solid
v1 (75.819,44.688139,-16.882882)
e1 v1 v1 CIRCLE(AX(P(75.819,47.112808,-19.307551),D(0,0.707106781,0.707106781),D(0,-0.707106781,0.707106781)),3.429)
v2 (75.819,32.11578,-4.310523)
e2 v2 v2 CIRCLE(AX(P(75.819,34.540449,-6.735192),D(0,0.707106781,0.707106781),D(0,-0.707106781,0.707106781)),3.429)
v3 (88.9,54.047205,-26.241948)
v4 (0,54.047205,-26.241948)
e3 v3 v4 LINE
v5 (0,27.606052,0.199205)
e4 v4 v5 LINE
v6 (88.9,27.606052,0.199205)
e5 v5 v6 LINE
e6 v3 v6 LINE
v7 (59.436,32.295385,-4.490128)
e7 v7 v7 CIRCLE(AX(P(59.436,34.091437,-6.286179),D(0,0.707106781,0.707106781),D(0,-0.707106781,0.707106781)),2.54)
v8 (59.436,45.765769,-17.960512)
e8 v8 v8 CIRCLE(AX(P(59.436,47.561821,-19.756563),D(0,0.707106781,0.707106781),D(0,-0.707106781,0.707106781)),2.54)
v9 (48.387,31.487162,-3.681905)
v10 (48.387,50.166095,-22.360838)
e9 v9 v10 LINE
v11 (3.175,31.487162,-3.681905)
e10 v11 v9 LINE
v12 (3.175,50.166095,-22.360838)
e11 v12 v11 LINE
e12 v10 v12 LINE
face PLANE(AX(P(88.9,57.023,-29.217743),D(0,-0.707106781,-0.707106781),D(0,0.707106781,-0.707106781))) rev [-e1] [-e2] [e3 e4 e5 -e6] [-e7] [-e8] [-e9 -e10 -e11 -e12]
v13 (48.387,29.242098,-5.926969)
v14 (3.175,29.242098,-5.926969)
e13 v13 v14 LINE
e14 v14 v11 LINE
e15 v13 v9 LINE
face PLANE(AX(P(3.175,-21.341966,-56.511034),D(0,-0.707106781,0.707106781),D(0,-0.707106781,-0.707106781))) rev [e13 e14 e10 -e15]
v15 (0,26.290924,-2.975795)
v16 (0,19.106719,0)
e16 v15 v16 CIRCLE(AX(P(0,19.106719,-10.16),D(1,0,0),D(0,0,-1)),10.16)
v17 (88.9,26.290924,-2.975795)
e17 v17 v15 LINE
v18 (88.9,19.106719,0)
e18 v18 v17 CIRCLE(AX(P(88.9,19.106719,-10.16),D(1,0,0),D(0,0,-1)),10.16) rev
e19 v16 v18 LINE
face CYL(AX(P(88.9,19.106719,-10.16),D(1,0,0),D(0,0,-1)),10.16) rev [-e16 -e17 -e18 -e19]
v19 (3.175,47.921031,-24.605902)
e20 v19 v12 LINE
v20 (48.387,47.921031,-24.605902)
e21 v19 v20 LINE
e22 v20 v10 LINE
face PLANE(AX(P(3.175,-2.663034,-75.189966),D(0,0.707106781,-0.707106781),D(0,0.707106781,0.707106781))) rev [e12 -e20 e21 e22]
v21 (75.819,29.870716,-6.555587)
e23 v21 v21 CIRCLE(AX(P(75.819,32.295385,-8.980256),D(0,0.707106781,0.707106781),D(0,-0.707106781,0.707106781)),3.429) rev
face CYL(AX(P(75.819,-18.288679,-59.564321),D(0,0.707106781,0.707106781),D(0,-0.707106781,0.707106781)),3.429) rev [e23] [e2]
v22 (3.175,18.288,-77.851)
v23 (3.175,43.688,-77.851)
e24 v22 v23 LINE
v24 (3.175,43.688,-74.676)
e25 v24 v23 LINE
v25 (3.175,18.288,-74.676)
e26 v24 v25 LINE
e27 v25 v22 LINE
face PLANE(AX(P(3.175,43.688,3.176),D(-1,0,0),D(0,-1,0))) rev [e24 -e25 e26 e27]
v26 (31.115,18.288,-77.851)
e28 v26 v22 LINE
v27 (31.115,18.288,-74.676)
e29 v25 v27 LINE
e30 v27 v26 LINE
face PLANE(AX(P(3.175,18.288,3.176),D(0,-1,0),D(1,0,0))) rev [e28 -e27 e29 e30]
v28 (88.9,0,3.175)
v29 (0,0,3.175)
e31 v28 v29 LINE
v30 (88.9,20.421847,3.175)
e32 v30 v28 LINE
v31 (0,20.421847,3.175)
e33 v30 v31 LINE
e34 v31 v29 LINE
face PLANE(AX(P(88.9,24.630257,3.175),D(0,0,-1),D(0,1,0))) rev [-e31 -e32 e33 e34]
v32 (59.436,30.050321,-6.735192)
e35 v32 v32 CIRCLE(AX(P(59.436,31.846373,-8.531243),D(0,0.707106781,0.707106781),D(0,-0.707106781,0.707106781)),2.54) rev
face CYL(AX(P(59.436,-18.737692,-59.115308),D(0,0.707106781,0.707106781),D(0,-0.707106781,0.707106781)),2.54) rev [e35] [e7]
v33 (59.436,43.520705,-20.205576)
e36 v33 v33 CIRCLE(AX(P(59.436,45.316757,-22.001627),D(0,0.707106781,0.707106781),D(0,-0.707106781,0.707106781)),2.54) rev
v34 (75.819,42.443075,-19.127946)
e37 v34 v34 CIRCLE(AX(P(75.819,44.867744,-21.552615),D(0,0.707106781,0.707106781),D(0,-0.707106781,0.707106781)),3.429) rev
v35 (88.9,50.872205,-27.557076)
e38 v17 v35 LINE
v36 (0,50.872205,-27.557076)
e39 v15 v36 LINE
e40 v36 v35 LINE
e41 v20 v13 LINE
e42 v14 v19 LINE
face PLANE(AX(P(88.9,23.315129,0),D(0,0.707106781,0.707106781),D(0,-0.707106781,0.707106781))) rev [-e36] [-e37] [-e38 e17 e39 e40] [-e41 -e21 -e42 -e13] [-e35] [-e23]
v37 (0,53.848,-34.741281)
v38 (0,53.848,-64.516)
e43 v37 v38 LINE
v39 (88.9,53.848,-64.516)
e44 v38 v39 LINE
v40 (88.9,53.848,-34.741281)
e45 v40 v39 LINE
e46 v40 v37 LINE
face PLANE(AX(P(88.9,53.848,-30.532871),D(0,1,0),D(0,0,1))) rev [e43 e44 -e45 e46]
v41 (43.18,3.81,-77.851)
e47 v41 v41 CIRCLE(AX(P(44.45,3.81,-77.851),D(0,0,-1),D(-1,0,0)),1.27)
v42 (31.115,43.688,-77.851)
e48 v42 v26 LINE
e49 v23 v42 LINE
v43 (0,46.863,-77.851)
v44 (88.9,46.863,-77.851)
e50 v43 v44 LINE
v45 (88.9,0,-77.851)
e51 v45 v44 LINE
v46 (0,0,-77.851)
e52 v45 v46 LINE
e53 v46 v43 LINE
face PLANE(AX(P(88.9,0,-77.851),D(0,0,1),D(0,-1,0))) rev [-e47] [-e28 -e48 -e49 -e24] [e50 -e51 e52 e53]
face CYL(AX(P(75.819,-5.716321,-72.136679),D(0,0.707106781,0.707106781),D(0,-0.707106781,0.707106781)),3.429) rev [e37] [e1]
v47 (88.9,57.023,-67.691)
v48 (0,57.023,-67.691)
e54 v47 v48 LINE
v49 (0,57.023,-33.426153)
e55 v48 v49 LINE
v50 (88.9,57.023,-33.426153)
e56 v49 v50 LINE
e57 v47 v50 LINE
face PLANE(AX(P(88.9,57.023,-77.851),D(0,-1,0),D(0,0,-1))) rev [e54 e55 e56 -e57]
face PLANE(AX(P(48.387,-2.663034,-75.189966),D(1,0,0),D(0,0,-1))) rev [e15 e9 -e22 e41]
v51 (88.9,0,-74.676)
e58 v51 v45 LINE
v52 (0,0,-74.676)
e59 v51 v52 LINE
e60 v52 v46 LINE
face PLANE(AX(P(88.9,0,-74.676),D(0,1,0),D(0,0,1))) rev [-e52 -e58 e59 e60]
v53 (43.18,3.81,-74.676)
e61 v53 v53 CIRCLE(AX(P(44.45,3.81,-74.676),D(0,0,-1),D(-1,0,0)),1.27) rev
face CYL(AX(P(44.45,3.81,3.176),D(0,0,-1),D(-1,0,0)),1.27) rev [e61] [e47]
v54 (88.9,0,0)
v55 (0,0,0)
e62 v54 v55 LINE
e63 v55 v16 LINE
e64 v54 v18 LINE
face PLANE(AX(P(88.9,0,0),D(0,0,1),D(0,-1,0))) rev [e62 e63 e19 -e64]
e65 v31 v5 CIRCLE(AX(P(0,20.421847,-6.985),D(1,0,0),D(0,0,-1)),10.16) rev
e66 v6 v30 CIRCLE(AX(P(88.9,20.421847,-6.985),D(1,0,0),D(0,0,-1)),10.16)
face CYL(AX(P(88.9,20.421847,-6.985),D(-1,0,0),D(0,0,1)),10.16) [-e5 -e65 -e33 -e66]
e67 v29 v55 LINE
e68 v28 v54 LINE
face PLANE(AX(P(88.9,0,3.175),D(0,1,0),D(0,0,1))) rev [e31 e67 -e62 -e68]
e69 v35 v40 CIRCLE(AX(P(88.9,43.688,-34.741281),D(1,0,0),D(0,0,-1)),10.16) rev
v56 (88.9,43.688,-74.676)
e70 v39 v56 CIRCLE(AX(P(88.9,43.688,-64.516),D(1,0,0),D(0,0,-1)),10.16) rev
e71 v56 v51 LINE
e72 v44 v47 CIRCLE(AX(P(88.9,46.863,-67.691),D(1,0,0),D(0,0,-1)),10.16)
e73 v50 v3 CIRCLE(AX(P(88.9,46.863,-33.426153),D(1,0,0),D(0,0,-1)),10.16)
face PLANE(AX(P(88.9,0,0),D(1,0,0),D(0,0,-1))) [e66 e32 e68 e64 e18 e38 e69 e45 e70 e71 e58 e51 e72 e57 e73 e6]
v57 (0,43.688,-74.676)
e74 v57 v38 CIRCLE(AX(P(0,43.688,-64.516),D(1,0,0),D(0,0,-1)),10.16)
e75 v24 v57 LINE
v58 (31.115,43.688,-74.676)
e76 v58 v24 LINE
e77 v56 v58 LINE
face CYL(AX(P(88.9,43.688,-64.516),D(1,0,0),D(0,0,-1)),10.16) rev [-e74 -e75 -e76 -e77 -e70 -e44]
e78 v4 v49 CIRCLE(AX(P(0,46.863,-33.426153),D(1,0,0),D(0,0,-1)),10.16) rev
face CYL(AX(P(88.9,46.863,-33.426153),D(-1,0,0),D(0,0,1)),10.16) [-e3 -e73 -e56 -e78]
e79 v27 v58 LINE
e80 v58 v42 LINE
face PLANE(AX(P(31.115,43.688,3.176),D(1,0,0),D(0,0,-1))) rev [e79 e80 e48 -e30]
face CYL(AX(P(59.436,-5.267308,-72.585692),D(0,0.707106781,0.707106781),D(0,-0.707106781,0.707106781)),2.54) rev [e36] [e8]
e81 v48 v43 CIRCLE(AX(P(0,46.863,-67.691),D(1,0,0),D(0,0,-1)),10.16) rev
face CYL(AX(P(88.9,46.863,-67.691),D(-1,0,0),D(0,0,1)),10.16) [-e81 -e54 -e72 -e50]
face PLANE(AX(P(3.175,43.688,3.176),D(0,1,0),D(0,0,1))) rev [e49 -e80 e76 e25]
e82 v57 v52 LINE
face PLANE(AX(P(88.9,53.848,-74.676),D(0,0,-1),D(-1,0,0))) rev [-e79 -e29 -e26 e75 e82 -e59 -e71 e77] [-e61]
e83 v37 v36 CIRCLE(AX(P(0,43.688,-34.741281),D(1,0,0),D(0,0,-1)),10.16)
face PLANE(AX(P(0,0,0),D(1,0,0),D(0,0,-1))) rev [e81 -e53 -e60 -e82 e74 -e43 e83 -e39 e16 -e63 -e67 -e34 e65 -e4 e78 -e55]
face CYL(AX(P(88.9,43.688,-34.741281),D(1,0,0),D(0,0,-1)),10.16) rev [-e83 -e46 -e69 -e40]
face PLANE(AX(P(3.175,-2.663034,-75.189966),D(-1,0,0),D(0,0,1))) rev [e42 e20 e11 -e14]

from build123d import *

# Parameters (mm, degrees)
BOSS_EXTRUDE1_DEPTH = 88.9
FILLET1_R           = 10.16
CUT_EXTRUDE1_REACH  = 76.71
SKETCH2_R           = 3.429
SKETCH2_R_2         = 2.54
SKETCH2_W           = 45.212
SKETCH2_H           = 26.416
CUT_EXTRUDE3_REACH  = 83.026
SKETCH4_R           = 1.27
SKETCH4_W           = 27.94
SKETCH4_H           = 25.4


with BuildPart() as part:
    # Sketch1 → Boss-Extrude1 (new body)
    with BuildSketch(Plane(origin=(0, 0, 0), x_dir=(0, 0, -1), z_dir=(1, 0, 0))):
        Polygon((0, 0), (0, 23.315129188), (30.532870812, 53.848), (74.676, 53.848), (74.676, 0), (77.851, 0), (77.851, 57.023), (29.217742751, 57.023), (-3.175, 24.630257249), (-3.175, 0), align=None)
    extrude(amount=BOSS_EXTRUDE1_DEPTH)

    # Fillet1
    fillet1_edges = [part.edges().sort_by_distance(p)[0] for p in [
        (44.45, 24.630257249, 3.175),
        (44.45, 57.023, -29.217742751),
        (44.45, 57.023, -77.851),
        (44.45, 53.848, -74.676),
        (44.45, 53.848, -30.532870812),
        (44.45, 23.315129188, 0),
    ]]
    fillet(fillet1_edges, radius=FILLET1_R)

    # Sketch2 → Cut-Extrude1 (cut, up to next)
    with BuildSketch(Plane(origin=(0, 13.902628624, 13.902628624), x_dir=(1, 0, 0), z_dir=(0, 0.707106781, 0.707106781)), mode=Mode.PRIVATE) as cut_extrude1_sk1:
        with Locations(Location((75.819, 46.966285953, 0), (0, 0, 270))):  # turned: the seam where the file's is
            Circle(SKETCH2_R)
    cut_extrude1_tool1 = extrude(cut_extrude1_sk1.sketch, amount=-CUT_EXTRUDE1_REACH, mode=Mode.PRIVATE) & part.part
    add(cut_extrude1_tool1.solids().sort_by_distance((75.819, 47.112808, -19.307551))[0], mode=Mode.SUBTRACT)
    # Sketch2 → Cut-Extrude1 (cut, up to next)
    with BuildSketch(Plane(origin=(0, 13.902628624, 13.902628624), x_dir=(1, 0, 0), z_dir=(0, 0.707106781, 0.707106781)), mode=Mode.PRIVATE) as cut_extrude1_sk2:
        with Locations(Location((75.819, 29.186285953, 0), (0, 0, 270))):  # turned: the seam where the file's is
            Circle(SKETCH2_R)
    cut_extrude1_tool2 = extrude(cut_extrude1_sk2.sketch, amount=-CUT_EXTRUDE1_REACH, mode=Mode.PRIVATE) & part.part
    add(cut_extrude1_tool2.solids().sort_by_distance((75.819, 34.540449, -6.735192))[0], mode=Mode.SUBTRACT)
    # Sketch2 → Cut-Extrude1 (cut, up to next)
    with BuildSketch(Plane(origin=(0, 13.902628624, 13.902628624), x_dir=(1, 0, 0), z_dir=(0, 0.707106781, 0.707106781)), mode=Mode.PRIVATE) as cut_extrude1_sk3:
        with Locations(Location((59.436, 47.601285953, 0), (0, 0, 270))):  # turned: the seam where the file's is
            Circle(SKETCH2_R_2)
    cut_extrude1_tool3 = extrude(cut_extrude1_sk3.sketch, amount=-CUT_EXTRUDE1_REACH, mode=Mode.PRIVATE) & part.part
    add(cut_extrude1_tool3.solids().sort_by_distance((59.436, 47.561821, -19.756563))[0], mode=Mode.SUBTRACT)
    # Sketch2 → Cut-Extrude1 (cut, up to next)
    with BuildSketch(Plane(origin=(0, 13.902628624, 13.902628624), x_dir=(1, 0, 0), z_dir=(0, 0.707106781, 0.707106781)), mode=Mode.PRIVATE) as cut_extrude1_sk4:
        with Locations(Location((59.436, 28.551285953, 0), (0, 0, 270))):  # turned: the seam where the file's is
            Circle(SKETCH2_R_2)
    cut_extrude1_tool4 = extrude(cut_extrude1_sk4.sketch, amount=-CUT_EXTRUDE1_REACH, mode=Mode.PRIVATE) & part.part
    add(cut_extrude1_tool4.solids().sort_by_distance((59.436, 34.091437, -6.286179))[0], mode=Mode.SUBTRACT)
    # Sketch2 → Cut-Extrude1 (cut, up to next)
    with BuildSketch(Plane(origin=(0, 13.902628624, 13.902628624), x_dir=(1, 0, 0), z_dir=(0, 0.707106781, 0.707106781)), mode=Mode.PRIVATE) as cut_extrude1_sk5:
        with Locations((25.781, 38.076285953)):
            Rectangle(SKETCH2_W, SKETCH2_H)
    cut_extrude1_tool5 = extrude(cut_extrude1_sk5.sketch, amount=-CUT_EXTRUDE1_REACH, mode=Mode.PRIVATE) & part.part
    add(cut_extrude1_tool5.solids().sort_by_distance((25.781, 40.826629, -13.021371))[0], mode=Mode.SUBTRACT)

    # Sketch4 → Cut-Extrude3 (cut, up to next)
    with BuildSketch(Plane(origin=(0, 0, -77.851), x_dir=(-1, 0, 0), z_dir=(0, 0, -1)), mode=Mode.PRIVATE) as cut_extrude3_sk1:
        with Locations((-44.45, 3.81)):
            Circle(SKETCH4_R)
    cut_extrude3_tool1 = extrude(cut_extrude3_sk1.sketch, amount=-CUT_EXTRUDE3_REACH, mode=Mode.PRIVATE) & part.part
    add(cut_extrude3_tool1.solids().sort_by_distance((44.45, 3.81, -77.851))[0], mode=Mode.SUBTRACT)
    # Sketch4 → Cut-Extrude3 (cut, up to next)
    with BuildSketch(Plane(origin=(0, 0, -77.851), x_dir=(-1, 0, 0), z_dir=(0, 0, -1)), mode=Mode.PRIVATE) as cut_extrude3_sk2:
        with Locations((-17.145, 30.988)):
            Rectangle(SKETCH4_W, SKETCH4_H)
    cut_extrude3_tool2 = extrude(cut_extrude3_sk2.sketch, amount=-CUT_EXTRUDE3_REACH, mode=Mode.PRIVATE) & part.part
    add(cut_extrude3_tool2.solids().sort_by_distance((17.145, 30.988, -77.851))[0], mode=Mode.SUBTRACT)


solid = part.part
